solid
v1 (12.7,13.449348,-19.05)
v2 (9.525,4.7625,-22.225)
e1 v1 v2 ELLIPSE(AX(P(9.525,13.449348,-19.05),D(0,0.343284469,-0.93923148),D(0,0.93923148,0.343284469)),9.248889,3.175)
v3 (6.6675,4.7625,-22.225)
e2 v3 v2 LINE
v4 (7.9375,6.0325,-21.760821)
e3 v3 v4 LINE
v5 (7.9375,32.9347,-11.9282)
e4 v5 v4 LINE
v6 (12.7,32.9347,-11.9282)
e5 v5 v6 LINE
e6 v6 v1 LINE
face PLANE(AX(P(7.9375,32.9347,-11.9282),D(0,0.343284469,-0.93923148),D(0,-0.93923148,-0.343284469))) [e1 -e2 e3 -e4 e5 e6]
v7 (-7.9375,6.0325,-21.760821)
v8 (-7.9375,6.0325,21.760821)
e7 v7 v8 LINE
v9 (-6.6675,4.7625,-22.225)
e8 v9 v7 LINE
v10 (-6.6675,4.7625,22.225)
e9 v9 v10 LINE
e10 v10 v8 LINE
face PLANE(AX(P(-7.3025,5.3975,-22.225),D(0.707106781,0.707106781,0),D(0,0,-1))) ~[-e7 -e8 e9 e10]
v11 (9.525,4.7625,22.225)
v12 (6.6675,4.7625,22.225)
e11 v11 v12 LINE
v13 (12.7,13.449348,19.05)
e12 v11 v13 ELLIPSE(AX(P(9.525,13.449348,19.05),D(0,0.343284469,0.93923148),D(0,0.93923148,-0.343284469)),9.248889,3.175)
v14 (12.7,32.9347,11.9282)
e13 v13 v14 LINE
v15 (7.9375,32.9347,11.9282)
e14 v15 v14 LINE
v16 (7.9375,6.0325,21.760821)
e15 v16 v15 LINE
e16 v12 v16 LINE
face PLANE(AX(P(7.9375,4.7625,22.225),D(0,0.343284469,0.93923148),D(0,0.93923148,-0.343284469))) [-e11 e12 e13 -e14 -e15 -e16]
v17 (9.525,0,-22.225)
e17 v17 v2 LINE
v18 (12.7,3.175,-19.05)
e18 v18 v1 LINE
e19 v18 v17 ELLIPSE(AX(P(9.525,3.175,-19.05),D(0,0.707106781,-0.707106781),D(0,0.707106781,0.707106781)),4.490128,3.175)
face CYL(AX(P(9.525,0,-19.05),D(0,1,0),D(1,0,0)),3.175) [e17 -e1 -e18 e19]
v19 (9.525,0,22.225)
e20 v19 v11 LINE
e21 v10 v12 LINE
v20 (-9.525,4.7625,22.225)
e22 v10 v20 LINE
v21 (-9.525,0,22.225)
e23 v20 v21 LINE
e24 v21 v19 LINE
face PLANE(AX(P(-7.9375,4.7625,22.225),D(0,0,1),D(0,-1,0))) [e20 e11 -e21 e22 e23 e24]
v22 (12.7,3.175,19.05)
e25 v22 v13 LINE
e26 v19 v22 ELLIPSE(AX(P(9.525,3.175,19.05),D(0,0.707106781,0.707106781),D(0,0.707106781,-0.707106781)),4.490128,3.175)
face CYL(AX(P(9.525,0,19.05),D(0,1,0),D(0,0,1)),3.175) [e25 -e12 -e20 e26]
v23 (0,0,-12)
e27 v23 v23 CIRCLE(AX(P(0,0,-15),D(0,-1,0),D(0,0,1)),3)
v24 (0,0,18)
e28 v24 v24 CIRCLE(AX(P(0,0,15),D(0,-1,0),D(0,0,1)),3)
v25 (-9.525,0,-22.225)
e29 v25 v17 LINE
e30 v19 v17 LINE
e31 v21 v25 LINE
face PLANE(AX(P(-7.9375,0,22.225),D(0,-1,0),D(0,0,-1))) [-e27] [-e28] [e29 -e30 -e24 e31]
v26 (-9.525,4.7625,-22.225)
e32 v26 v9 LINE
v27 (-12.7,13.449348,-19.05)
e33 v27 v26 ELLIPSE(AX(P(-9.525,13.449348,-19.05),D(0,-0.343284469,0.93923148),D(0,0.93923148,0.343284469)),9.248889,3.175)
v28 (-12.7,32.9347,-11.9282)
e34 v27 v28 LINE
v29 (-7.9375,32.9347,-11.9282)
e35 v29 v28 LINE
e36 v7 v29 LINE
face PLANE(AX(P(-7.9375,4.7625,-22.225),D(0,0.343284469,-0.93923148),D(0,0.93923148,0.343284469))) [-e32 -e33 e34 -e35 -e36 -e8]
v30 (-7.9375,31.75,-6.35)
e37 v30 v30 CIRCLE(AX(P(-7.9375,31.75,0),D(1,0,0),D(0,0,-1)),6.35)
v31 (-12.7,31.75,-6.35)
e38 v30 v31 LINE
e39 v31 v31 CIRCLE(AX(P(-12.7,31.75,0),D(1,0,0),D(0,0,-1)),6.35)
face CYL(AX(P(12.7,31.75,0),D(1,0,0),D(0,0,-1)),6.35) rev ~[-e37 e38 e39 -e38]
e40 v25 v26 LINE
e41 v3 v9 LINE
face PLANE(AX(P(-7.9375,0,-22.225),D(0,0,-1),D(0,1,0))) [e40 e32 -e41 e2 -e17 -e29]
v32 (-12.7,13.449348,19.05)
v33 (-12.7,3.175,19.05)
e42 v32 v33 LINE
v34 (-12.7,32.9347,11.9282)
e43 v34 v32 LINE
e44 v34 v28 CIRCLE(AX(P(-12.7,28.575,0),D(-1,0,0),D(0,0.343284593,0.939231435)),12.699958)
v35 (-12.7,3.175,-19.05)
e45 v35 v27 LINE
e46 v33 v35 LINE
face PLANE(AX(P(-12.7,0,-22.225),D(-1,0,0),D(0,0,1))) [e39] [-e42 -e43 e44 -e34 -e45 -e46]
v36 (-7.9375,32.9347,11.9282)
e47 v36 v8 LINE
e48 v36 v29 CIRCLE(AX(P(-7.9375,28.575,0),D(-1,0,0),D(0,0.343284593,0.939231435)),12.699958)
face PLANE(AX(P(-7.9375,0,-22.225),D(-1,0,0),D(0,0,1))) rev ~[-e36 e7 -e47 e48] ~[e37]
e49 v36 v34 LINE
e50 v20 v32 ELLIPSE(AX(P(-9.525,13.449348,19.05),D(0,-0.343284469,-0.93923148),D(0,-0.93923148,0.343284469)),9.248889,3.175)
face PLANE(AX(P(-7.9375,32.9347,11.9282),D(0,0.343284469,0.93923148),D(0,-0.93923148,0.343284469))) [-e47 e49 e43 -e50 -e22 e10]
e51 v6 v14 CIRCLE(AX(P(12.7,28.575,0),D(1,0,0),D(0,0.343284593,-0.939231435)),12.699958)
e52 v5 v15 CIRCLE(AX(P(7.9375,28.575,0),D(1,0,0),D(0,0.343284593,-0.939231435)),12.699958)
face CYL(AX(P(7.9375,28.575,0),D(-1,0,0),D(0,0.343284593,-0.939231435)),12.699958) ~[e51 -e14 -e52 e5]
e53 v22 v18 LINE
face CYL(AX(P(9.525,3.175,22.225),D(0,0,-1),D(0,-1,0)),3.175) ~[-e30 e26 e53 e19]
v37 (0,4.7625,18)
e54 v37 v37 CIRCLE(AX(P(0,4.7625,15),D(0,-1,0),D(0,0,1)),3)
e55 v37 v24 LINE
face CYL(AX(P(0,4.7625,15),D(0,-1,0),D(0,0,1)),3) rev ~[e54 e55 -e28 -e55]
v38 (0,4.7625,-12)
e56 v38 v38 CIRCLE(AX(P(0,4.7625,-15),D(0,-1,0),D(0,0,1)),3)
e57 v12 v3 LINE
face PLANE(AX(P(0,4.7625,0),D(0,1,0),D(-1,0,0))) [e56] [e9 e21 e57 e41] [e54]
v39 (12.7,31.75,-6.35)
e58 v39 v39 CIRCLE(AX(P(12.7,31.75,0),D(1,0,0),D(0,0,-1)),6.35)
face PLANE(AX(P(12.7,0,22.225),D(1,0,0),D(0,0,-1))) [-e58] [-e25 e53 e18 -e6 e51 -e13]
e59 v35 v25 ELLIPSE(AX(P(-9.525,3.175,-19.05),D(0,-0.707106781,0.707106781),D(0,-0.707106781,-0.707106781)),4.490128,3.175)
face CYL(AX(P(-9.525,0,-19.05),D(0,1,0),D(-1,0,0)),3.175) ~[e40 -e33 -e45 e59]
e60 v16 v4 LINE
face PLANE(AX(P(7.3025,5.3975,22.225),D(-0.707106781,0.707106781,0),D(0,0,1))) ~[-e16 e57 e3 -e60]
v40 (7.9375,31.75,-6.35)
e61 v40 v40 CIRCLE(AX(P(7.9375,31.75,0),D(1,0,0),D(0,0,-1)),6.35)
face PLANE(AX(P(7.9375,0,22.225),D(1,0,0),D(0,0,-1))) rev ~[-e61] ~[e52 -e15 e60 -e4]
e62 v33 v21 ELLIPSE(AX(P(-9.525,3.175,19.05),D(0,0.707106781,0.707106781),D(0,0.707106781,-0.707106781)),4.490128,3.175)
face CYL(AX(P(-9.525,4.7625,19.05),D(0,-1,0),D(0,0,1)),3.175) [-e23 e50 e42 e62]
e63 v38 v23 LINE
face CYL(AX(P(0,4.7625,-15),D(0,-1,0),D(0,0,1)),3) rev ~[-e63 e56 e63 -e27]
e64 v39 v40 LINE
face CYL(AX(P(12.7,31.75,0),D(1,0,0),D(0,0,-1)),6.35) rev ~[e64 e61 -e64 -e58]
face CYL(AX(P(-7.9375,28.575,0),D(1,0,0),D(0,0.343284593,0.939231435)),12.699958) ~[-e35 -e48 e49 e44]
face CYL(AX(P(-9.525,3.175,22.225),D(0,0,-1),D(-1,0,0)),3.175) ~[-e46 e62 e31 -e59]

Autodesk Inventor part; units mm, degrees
sketch "Sketch1" plane through (0, 0, 0) normal (0, 1, 0) x (-1, 0, 0)
  line L0 (7.9375, 22.225) -> (-7.9375, 22.225)
  line L1 (-7.9375, 22.225) -> (-7.9375, -22.225)
  line L2 (-7.9375, -22.225) -> (7.9375, -22.225)
  line L3 (7.9375, -22.225) -> (7.9375, 22.225)
  line L4 (7.9375, 22.225) -> (-7.9375, -22.225) construction
  line L5 (-7.9375, 22.225) -> (7.9375, -22.225) construction
  point P0 (0, 0)
  point P1 (-50.8, 0)
  dimension "d0" = 15.875
  dimension "d1" = 44.45
extrude "Base" add sketch "Sketch1" along normal blind 4.7625
sketch "Sketch2" plane through (7.9375, 0, 22.225) normal (1, 0, 0) x (0, 0, -1)
  line L0 (0, 0) -> (0, 4.7625) projected
  line L1 (0, 4.7625) -> (10.2968, 32.9347)
  line L2 (0, 4.7625) -> (44.45, 4.7625) projected
  line L3 (34.1532, 32.9347) -> (44.45, 4.7625)
  line L4 (0, 0) -> (44.45, 0) projected
  arc A0 (34.1532, 32.9347) -> (10.2968, 32.9347) centre (22.225, 28.575) ccw
  line L5 (0, 0) -> (44.45, 0) projected
  line L6 (44.45, 0) -> (44.45, 4.7625) projected
  line L7 (0, 4.7625) -> (44.45, 4.7625) projected
  line L8 (0, 0) -> (0, 4.7625) projected
  point P0 (22.225, 0)
  point P1 (22.225, 41.275)
  dimension "d10" = 12.7
  dimension "d12" = 41.275
extrude "Vertical 1" add sketch "Sketch2" along normal blind 4.7625
sketch "Sketch5" plane through (-7.9375, 0, -22.225) normal (-1, 0, 0) x (0, 0, 1)
  line L0 (44.45, 4.7625) -> (44.45, 0) projected
  line L1 (44.45, 0) -> (0, 0) projected
  line L2 (0, 0) -> (0, 4.7625) projected
  line L3 (0, 4.7625) -> (10.2968, 32.9347) projected
  arc A0 (34.1532, 32.9347) -> (10.2968, 32.9347) centre (22.225, 28.575) ccw projected
  line L4 (34.1532, 32.9347) -> (44.45, 4.7625) projected
extrude "Vertical 2" add sketch "Sketch5" along normal blind 4.7625
sketch "Sketch6" plane through (12.7, 0, 22.225) normal (1, 0, 0) x (0, 0, -1)
  line L0 (22.225, 0) -> (22.225, 41.275) construction
  arc A0 (34.1532, 32.9347) -> (10.2968, 32.9347) centre (22.225, 28.575) ccw projected
  circle A1 centre (22.225, 31.75) radius 6.35
  dimension "d29" = 12.7
  dimension "d30" = 9.525
extrude "Extrusion8" cut sketch "Sketch6" against normal through all
fillet "Fillet2" radius 3.175 6 edges at (-12.7, 0, 0) (-12.7, 2.3813, -22.225) (12.7, 2.3813, -22.225) (12.7, 2.3813, 22.225) (12.7, 0, 0) (-12.7, 2.3813, 22.225)
chamfer "Chamfer2" distance 1.27 angle 45 2 edges at (-7.9375, 4.7625, 0) (7.9375, 4.7625, 0)
ref_plane "Work Plane2" through (0, 31.75, 0) normal (0, 1, 0) x (-1, 0, 0)
sketch "Sketch7" plane through (0, 4.7625, 0) normal (0, 1, 0) x (1, 0, 0)
  line L0 (0, 31.115) -> (0, -31.115) construction
  line L1 (17.78, 0) -> (-17.78, 0) construction
  point P0 (0, 0)
  point P1 (0, -15)
  point P2 (0, 15)
  dimension "d37" = 30
hole "Hole1" at (0, 4.7625, 15) at (0, 4.7625, -15) direction (0, -1, 0) diameter 6 end through all
ref_plane "Work Plane1" through (0, 0, 22.225) normal (-1, 0, 0) x (0, 0, 1)
equation "\"d43\" = Thickness"
equation "\"BendRadius\" = Thickness"
equation "\"BendReliefWidth\" = Thickness"
equation "\"BendReliefDepth\" = 0.5 * Thickness"
equation "\"CornerReliefSize\" = 4 * Thickness"
equation "\"MinimumRemnant\" = 2 * Thickness"
equation "\"TransitionRadius\" = BendRadius"
equation "\"JacobiRadiusSize\" = BendRadius"
equation "\"GapSize\" = Thickness"
equation "\"Thickness\" = 3.048"
properties part number "0.5 in Rod End Bracket (Rough)"
